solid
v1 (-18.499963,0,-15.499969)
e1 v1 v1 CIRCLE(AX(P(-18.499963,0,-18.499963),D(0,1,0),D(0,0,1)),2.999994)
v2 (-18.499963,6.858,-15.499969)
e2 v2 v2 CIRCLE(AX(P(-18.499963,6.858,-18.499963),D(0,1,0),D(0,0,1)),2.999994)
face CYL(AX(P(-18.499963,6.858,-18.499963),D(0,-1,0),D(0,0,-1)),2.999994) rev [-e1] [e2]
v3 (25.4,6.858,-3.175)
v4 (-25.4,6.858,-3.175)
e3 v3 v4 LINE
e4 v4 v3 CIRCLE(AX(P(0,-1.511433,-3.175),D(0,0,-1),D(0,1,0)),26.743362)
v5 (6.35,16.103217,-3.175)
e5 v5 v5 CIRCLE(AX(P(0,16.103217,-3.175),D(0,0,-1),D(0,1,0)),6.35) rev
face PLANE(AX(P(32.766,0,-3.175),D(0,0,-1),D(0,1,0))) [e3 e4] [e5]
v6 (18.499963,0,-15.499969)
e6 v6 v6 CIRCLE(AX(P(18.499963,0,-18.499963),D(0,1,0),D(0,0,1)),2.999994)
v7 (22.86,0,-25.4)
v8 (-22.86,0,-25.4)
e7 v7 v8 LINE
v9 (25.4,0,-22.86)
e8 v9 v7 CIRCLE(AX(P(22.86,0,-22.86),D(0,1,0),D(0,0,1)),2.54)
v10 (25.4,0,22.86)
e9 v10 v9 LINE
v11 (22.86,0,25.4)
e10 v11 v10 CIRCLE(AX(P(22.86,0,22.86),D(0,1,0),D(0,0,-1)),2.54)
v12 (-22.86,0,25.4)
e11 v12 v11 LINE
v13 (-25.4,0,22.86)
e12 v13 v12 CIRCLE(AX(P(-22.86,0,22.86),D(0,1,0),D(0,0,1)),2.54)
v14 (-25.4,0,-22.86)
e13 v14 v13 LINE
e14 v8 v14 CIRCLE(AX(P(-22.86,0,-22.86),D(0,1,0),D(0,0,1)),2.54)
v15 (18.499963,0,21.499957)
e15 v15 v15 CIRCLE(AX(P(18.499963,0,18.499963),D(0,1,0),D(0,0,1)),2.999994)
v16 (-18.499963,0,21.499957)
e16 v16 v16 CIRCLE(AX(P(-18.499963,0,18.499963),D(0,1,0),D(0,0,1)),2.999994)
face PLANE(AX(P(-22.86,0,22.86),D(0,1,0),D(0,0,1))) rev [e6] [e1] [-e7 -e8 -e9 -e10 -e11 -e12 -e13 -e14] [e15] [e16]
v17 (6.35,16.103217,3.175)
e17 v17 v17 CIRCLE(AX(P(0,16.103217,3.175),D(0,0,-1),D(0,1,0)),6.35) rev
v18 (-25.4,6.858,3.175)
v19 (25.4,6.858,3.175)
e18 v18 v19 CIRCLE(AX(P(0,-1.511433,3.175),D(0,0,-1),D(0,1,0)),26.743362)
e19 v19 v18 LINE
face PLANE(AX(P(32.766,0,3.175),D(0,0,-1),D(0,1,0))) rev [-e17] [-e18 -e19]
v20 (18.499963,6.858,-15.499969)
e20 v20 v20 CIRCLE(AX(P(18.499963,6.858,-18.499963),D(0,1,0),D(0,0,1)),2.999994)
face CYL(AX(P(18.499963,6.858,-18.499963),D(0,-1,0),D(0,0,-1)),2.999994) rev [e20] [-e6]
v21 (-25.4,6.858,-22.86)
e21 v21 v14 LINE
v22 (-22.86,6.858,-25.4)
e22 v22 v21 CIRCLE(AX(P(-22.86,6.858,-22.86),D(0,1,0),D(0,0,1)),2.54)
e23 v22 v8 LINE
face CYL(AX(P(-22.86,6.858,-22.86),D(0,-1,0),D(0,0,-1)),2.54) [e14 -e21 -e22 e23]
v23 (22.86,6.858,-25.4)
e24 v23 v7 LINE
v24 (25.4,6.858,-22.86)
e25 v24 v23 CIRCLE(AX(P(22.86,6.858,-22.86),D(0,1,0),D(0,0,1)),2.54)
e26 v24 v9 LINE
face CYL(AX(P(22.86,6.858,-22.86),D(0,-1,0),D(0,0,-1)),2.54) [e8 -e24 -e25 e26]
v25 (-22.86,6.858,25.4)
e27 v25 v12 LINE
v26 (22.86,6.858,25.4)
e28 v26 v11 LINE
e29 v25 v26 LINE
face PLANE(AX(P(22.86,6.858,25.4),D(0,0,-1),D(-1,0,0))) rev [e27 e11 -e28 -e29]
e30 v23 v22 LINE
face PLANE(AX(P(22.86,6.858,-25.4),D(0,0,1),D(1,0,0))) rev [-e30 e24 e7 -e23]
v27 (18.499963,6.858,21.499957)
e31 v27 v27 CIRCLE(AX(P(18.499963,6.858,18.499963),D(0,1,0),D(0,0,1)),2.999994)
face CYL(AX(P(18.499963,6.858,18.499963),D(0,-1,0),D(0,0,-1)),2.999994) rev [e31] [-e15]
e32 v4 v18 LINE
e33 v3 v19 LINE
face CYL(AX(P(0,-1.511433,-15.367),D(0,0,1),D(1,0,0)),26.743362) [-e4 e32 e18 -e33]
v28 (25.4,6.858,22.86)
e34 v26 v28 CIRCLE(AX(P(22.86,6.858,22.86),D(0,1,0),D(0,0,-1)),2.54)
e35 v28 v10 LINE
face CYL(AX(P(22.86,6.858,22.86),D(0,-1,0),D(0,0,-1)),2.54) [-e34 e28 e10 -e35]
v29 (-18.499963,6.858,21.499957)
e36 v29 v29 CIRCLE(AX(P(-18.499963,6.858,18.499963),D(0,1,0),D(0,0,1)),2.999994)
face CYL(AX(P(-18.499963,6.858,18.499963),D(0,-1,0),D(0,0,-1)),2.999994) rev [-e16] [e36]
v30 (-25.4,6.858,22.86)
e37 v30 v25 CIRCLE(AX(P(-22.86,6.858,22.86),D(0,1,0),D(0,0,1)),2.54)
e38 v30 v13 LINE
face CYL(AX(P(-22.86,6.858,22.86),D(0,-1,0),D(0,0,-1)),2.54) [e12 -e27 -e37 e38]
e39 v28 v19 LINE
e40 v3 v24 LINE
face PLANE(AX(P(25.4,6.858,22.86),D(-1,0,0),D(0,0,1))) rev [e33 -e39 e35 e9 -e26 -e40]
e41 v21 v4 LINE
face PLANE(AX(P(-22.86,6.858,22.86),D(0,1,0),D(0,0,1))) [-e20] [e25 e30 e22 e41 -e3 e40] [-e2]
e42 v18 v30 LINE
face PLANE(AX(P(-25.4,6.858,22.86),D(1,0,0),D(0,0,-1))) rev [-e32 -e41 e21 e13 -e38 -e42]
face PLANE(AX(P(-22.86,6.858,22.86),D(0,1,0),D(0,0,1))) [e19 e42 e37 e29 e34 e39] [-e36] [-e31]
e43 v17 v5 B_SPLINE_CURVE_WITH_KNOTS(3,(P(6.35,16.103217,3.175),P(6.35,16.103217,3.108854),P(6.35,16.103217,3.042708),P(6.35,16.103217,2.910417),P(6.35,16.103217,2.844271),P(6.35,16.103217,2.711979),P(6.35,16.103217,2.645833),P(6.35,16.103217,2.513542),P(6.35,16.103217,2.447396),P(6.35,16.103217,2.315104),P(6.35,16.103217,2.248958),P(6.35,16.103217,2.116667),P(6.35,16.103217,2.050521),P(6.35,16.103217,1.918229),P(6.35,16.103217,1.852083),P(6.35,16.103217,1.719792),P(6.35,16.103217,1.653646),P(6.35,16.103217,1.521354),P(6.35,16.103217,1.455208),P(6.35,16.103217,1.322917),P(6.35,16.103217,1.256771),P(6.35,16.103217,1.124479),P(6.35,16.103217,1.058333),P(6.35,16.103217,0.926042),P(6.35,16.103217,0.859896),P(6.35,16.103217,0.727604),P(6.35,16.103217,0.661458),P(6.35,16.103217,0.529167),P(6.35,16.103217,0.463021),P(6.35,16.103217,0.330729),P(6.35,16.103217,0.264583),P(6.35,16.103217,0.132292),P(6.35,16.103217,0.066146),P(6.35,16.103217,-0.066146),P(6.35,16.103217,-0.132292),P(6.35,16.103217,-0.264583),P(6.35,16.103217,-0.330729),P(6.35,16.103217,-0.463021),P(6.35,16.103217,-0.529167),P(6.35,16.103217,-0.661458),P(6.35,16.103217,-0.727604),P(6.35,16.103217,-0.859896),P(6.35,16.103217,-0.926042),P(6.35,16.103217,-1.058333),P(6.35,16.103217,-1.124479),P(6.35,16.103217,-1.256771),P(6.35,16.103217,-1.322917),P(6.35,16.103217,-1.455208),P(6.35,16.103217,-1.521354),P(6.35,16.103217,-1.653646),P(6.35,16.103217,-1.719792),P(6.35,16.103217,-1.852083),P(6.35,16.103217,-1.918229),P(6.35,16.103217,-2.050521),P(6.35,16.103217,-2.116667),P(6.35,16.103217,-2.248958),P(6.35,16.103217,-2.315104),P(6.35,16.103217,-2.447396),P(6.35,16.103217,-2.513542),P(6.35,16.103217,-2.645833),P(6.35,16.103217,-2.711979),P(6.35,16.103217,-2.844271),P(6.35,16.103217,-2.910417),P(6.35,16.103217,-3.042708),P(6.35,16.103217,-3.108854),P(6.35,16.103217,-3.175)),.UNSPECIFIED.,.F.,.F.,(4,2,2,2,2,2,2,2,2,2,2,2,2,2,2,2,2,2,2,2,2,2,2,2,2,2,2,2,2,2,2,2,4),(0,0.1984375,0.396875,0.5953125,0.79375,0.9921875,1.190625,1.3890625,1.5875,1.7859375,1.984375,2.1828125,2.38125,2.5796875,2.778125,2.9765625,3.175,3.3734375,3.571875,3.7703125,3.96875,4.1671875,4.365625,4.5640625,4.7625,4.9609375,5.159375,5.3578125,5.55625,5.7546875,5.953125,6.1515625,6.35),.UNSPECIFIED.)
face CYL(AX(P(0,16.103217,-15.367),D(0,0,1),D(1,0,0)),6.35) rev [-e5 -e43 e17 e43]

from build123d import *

# Parameters (mm, degrees)
SKETCH1_R           = 2.999994
BOSS_EXTRUDE1_DEPTH = 6.858
SKETCH2_W           = 50.8
SKETCH2_H           = 19.05
BOSS_EXTRUDE2_DEPTH = 24.892
SKETCH3_R           = 6.35
CUT_EXTRUDE1_DEPTH  = 24.892
SKETCH4_W           = 6.35
SKETCH4_H           = 18.373928642
CUT_EXTRUDE2_DEPTH  = 58.166


with BuildPart() as part:
    # Sketch1 → Boss-Extrude1 (new body)
    with BuildSketch(Plane(origin=(0, 0, 0), x_dir=(1, 0, 0), z_dir=(0, 1, 0))):
        with BuildLine():
            Line((22.86, -25.4), (-22.86, -25.4))
            ThreePointArc((-22.86, -25.4), (-24.656051224, -24.656051224), (-25.4, -22.86))
            Line((-25.4, -22.86), (-25.4, 22.86))
            ThreePointArc((-25.4, 22.86), (-24.656051224, 24.656051224), (-22.86, 25.4))
            Line((-22.86, 25.4), (22.86, 25.4))
            ThreePointArc((22.86, 25.4), (24.656051224, 24.656051224), (25.4, 22.86))
            Line((25.4, 22.86), (25.4, -22.86))
            ThreePointArc((25.4, -22.86), (24.656051224, -24.656051224), (22.86, -25.4))
        make_face()
        with Locations((-18.499963, 18.499963)):
            Circle(SKETCH1_R, mode=Mode.SUBTRACT)
        with Locations((18.499963, 18.499963)):
            Circle(SKETCH1_R, mode=Mode.SUBTRACT)
        with Locations((18.499963, -18.499963)):
            Circle(SKETCH1_R, mode=Mode.SUBTRACT)
        with Locations((-18.499963, -18.499963)):
            Circle(SKETCH1_R, mode=Mode.SUBTRACT)
    extrude(amount=BOSS_EXTRUDE1_DEPTH)

    # Sketch2 → Boss-Extrude2 (add)
    with BuildSketch(Plane(origin=(0, 6.858, 0), x_dir=(1, 0, 0), z_dir=(0, 1, 0))):
        Rectangle(SKETCH2_W, SKETCH2_H)
    extrude(amount=BOSS_EXTRUDE2_DEPTH)

    # Sketch3 → Cut-Extrude1 (cut)
    with BuildSketch(Plane.XY.offset(9.525)):
        with BuildLine():
            Line((25.4, 31.75), (-25.4, 31.75))
            Line((-25.4, 31.75), (-25.4, 6.858))
            ThreePointArc((-25.4, 6.858), (0, 25.231928642), (25.4, 6.858))
            Line((25.4, 6.858), (25.4, 31.75))
        make_face()
        with Locations((0, 16.103217479)):
            Circle(SKETCH3_R)
    extrude(amount=-CUT_EXTRUDE1_DEPTH, mode=Mode.SUBTRACT)

    # Sketch4 → Cut-Extrude2 (cut)
    with BuildSketch(Plane.ZY.offset(25.4)):
        with Locations((-6.35, 16.044964321)):
            Rectangle(SKETCH4_W, SKETCH4_H)
        with Locations((6.35, 16.044964321)):
            Rectangle(SKETCH4_W, SKETCH4_H)
    extrude(amount=-CUT_EXTRUDE2_DEPTH, mode=Mode.SUBTRACT)


solid = part.part
